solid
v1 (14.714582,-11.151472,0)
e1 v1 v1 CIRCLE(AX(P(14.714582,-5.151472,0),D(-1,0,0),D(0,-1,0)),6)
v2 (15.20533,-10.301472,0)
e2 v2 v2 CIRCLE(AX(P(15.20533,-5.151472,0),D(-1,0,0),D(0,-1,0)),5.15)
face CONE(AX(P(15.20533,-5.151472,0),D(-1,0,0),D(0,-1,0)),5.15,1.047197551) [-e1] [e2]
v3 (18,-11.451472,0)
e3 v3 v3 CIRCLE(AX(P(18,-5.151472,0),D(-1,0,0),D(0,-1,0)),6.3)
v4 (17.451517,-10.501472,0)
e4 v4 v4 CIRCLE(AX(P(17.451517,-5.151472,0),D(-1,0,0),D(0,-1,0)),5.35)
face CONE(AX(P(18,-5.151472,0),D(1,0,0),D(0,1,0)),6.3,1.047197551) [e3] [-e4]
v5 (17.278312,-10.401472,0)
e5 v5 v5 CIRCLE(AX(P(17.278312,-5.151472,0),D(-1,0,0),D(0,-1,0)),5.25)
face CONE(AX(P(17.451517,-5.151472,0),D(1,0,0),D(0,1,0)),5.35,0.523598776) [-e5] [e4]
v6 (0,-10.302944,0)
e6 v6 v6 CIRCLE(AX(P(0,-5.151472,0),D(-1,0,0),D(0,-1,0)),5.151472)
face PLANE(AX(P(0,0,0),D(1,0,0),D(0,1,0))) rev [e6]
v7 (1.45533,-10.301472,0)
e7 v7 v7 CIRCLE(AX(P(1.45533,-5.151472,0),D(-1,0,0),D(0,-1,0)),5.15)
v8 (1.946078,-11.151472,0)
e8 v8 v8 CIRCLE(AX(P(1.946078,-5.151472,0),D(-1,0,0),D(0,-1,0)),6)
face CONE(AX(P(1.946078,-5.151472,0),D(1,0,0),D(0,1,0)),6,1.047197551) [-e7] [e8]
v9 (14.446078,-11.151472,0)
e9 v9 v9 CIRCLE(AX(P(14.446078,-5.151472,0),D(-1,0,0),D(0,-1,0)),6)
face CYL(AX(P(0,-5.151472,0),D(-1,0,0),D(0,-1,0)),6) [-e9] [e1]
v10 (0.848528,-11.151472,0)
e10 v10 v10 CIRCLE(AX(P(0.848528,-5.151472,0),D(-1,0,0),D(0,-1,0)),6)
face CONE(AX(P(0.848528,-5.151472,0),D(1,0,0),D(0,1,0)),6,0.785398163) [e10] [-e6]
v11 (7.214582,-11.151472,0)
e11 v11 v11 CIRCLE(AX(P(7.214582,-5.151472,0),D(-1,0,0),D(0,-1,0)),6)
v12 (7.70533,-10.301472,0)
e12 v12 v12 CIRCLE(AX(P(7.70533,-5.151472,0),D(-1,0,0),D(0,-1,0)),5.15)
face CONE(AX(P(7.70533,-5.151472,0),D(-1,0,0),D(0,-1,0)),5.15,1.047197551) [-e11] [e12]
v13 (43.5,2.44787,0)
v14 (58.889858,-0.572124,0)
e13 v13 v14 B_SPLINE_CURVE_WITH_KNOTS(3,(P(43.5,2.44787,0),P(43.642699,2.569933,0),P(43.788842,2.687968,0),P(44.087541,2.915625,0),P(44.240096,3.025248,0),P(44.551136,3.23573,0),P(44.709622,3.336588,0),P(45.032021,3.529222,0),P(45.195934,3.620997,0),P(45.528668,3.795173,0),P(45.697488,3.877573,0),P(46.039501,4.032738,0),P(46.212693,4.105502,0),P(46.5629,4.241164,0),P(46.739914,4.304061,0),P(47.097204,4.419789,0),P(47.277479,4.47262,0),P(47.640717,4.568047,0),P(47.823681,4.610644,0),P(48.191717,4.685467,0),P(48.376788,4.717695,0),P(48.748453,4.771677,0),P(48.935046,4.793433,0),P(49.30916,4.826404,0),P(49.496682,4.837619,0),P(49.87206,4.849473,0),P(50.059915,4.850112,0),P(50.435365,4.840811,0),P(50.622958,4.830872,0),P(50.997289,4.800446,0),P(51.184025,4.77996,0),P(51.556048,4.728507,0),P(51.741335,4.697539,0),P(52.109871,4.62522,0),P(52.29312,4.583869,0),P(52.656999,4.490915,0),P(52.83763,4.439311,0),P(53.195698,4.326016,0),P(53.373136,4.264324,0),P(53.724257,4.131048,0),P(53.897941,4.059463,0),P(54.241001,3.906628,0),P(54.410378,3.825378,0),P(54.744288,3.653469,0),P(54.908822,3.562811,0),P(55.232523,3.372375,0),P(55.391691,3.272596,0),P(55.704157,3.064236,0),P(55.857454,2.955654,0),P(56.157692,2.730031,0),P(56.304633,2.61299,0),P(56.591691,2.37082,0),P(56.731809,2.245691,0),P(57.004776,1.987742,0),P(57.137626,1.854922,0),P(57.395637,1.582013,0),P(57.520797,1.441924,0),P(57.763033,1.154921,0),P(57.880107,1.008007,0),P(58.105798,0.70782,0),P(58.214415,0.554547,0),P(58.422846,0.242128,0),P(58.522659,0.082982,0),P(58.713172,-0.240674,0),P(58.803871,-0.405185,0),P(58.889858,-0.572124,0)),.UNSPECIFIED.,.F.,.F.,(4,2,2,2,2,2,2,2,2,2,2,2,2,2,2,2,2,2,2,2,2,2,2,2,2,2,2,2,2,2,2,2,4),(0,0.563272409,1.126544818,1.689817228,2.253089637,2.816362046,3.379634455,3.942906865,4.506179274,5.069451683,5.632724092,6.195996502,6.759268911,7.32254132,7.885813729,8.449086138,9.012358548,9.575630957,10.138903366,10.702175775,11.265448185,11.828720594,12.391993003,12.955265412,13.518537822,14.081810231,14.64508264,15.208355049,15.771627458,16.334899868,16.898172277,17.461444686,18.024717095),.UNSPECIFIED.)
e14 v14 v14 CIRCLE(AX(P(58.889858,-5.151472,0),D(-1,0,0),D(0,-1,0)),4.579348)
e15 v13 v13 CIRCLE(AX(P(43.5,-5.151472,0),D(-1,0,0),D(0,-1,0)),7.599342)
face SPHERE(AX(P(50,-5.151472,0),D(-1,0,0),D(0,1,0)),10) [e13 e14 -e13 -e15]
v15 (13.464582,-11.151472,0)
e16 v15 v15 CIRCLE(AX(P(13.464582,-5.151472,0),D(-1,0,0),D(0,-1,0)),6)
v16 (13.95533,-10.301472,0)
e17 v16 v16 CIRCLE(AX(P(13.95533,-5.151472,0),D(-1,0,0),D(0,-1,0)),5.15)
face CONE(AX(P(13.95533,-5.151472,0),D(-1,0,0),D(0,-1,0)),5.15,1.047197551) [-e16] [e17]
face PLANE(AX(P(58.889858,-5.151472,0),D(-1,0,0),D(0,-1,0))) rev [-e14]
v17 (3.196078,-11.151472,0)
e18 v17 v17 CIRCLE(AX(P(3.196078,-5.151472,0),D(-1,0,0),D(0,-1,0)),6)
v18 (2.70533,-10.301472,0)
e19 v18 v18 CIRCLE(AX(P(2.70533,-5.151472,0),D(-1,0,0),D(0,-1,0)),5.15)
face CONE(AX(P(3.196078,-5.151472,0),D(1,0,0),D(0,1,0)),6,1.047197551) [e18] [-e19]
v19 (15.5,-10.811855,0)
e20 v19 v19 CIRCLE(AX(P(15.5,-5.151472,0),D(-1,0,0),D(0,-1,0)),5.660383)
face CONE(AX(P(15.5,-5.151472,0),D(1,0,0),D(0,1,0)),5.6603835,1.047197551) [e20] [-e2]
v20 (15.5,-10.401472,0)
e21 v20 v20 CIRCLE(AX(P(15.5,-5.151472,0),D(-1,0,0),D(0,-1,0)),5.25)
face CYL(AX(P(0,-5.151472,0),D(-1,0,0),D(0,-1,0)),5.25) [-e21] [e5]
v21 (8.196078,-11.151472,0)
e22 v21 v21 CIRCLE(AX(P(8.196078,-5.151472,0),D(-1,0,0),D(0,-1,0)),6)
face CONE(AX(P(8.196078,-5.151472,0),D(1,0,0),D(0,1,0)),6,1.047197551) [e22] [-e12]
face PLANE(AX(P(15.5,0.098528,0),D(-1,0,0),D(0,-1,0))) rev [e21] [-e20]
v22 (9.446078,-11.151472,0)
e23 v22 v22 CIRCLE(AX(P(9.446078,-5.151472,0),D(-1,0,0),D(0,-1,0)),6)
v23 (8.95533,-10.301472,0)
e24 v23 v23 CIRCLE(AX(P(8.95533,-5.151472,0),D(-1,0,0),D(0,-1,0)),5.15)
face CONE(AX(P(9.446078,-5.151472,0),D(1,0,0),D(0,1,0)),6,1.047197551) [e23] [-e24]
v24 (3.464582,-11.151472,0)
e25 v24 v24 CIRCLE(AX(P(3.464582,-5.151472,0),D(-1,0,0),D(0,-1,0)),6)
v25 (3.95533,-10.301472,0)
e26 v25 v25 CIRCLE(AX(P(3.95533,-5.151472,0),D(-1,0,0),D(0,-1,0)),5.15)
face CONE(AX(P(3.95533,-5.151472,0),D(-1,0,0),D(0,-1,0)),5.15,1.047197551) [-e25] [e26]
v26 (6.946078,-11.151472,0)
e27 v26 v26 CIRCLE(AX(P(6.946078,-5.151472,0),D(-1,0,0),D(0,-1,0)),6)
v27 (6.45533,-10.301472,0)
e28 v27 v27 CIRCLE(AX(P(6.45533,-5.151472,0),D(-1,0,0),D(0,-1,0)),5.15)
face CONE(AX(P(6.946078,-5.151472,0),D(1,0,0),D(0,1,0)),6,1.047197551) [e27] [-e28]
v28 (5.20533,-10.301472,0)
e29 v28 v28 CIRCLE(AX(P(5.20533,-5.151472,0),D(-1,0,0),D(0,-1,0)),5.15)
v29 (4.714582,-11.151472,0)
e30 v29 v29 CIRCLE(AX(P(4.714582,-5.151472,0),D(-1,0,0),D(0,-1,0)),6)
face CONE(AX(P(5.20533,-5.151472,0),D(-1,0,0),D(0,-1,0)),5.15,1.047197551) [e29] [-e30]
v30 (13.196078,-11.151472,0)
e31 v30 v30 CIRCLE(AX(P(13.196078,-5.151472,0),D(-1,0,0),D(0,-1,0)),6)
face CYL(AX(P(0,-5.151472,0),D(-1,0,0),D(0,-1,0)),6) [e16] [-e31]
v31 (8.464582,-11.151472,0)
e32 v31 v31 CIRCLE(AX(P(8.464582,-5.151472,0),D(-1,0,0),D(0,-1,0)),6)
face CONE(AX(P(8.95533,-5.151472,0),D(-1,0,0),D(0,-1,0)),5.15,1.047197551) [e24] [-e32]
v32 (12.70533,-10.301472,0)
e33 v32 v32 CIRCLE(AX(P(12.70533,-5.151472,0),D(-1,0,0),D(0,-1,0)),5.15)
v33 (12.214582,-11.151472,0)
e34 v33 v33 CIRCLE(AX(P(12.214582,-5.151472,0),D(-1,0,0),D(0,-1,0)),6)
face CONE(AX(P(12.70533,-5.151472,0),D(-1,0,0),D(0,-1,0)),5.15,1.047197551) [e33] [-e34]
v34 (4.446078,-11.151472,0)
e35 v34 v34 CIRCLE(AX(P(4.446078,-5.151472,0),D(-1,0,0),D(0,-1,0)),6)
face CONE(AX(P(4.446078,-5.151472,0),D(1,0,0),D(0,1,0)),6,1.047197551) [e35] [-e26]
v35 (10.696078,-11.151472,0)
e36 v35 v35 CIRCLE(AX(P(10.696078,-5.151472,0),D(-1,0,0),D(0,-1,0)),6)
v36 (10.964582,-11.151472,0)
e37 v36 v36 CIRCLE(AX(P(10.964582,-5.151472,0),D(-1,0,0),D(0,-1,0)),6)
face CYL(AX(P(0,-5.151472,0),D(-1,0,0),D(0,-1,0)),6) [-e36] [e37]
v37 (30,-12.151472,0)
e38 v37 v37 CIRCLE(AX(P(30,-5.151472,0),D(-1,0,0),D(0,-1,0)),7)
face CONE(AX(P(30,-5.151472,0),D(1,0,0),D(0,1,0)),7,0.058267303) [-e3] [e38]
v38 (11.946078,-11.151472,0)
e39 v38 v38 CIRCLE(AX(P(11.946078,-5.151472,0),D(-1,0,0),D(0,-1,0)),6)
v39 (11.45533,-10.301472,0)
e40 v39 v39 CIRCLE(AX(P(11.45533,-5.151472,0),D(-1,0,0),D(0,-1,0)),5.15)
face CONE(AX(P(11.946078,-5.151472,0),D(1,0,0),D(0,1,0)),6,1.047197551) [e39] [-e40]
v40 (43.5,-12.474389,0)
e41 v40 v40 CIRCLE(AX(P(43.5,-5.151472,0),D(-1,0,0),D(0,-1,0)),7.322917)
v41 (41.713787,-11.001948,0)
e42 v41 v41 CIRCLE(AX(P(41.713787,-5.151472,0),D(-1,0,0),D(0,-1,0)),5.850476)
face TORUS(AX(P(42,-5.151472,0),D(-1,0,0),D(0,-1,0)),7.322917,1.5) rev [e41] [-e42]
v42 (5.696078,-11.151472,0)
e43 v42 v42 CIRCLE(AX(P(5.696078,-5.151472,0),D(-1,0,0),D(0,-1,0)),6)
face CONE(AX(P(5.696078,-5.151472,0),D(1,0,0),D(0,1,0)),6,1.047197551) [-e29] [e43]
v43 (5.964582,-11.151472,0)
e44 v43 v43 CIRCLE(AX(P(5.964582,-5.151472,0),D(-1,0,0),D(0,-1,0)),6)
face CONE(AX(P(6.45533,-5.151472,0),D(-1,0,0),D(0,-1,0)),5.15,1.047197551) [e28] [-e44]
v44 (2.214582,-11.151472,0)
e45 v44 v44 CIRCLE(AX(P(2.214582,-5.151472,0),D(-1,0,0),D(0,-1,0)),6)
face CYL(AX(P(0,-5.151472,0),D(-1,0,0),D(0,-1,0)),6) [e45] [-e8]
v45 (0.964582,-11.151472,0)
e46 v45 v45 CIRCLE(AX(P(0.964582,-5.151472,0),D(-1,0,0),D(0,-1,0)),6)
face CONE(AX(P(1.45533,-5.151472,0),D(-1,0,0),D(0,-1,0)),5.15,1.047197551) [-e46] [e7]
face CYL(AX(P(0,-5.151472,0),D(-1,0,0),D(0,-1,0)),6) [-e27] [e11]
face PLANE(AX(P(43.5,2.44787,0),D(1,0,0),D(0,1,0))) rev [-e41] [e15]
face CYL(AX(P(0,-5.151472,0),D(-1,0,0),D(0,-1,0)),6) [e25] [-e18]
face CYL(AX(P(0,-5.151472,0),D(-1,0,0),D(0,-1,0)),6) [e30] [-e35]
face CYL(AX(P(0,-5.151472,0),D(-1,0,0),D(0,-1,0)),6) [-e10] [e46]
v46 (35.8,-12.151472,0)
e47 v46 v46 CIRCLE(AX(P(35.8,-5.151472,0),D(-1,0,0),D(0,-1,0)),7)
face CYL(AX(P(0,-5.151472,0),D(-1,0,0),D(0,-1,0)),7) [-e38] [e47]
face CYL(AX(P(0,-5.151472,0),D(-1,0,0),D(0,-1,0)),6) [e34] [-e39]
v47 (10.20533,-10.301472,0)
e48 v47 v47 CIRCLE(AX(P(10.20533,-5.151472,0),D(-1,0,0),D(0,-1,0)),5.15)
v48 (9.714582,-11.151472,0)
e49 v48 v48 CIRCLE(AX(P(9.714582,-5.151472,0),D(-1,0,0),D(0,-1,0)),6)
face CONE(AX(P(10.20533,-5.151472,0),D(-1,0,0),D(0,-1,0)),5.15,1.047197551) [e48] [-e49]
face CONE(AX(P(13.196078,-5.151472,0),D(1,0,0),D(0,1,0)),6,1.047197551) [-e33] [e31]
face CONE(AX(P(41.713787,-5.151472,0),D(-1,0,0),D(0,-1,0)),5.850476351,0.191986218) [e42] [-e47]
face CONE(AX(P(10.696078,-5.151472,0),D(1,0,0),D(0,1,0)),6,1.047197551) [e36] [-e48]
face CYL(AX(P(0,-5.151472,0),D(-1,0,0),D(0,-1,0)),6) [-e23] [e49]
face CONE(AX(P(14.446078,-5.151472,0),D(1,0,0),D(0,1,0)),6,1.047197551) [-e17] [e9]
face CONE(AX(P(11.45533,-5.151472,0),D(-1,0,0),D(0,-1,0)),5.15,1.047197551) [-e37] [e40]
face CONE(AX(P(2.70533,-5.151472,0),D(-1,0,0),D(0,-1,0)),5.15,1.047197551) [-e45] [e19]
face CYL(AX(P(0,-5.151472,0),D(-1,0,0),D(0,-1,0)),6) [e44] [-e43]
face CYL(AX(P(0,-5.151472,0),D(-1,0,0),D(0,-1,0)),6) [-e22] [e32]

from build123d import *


with BuildPart() as part:
    # Çizim1 → Döndür2 (revolve)
    with BuildSketch(Plane.XY, mode=Mode.PRIVATE) as d_nd_r2_sk:
        with BuildLine():
            Line((58.889857915, -5.151471863), (58.889857915, -0.572124064))
            ThreePointArc((58.889857915, -0.572124064), (51.925602912, 4.66137958), (43.5, 2.447870214))
            Line((43.5, 2.447870214), (43.5, 2.171445263))
            ThreePointArc((43.5, 2.171445263), (42.95411733, 1.014008388), (41.713786507, 0.699004488))
            Line((41.713786507, 0.699004488), (35.8, 1.848528137))
            Line((35.8, 1.848528137), (30, 1.848528137))
            Line((30, 1.848528137), (18, 1.148528137))
            Line((18, 1.148528137), (17.451517244, 0.198528137))
            Line((17.451517244, 0.198528137), (17.278312164, 0.098528137))
            Line((17.278312164, 0.098528137), (15.5, 0.098528137))
            Line((15.5, 0.098528137), (15.5, 0.508911637))
            Line((15.5, 0.508911637), (15.205329949, -0.001471863))
            Line((15.205329949, -0.001471863), (14.71458222, 0.848528137))
            Line((14.71458222, 0.848528137), (14.446077678, 0.848528137))
            Line((14.446077678, 0.848528137), (13.955329949, -0.001471863))
            Line((13.955329949, -0.001471863), (13.46458222, 0.848528137))
            Line((13.46458222, 0.848528137), (13.196077678, 0.848528137))
            Line((13.196077678, 0.848528137), (12.705329949, -0.001471863))
            Line((12.705329949, -0.001471863), (12.21458222, 0.848528137))
            Line((12.21458222, 0.848528137), (11.946077678, 0.848528137))
            Line((11.946077678, 0.848528137), (11.455329949, -0.001471863))
            Line((11.455329949, -0.001471863), (10.96458222, 0.848528137))
            Line((10.96458222, 0.848528137), (10.696077678, 0.848528137))
            Line((10.696077678, 0.848528137), (10.205329949, -0.001471863))
            Line((10.205329949, -0.001471863), (9.71458222, 0.848528137))
            Line((9.71458222, 0.848528137), (9.446077678, 0.848528137))
            Line((9.446077678, 0.848528137), (8.955329949, -0.001471863))
            Line((8.955329949, -0.001471863), (8.46458222, 0.848528137))
            Line((8.46458222, 0.848528137), (8.196077678, 0.848528137))
            Line((8.196077678, 0.848528137), (7.705329949, -0.001471863))
            Line((7.705329949, -0.001471863), (7.21458222, 0.848528137))
            Line((7.21458222, 0.848528137), (6.946077678, 0.848528137))
            Line((6.946077678, 0.848528137), (6.455329949, -0.001471863))
            Line((6.455329949, -0.001471863), (5.96458222, 0.848528137))
            Line((5.96458222, 0.848528137), (5.696077678, 0.848528137))
            Line((5.696077678, 0.848528137), (5.205329949, -0.001471863))
            Line((5.205329949, -0.001471863), (4.71458222, 0.848528137))
            Line((4.71458222, 0.848528137), (4.446077678, 0.848528137))
            Line((4.446077678, 0.848528137), (3.955329949, -0.001471863))
            Line((3.955329949, -0.001471863), (3.46458222, 0.848528137))
            Line((3.46458222, 0.848528137), (3.196077678, 0.848528137))
            Line((3.196077678, 0.848528137), (2.705329949, -0.001471863))
            Line((2.705329949, -0.001471863), (2.21458222, 0.848528137))
            Line((2.21458222, 0.848528137), (1.946077678, 0.848528137))
            Line((1.946077678, 0.848528137), (1.455329949, -0.001471863))
            Line((1.455329949, -0.001471863), (0.96458222, 0.848528137))
            Line((0.96458222, 0.848528137), (0.848528137, 0.848528137))
            Line((0.848528137, 0.848528137), (0, 0))
            Line((0, 0), (0, -5.151471863))
            Line((0, -5.151471863), (6, -5.151471863))
            Line((6, -5.151471863), (7.6, -5.151471863))
            Line((7.6, -5.151471863), (58.889857915, -5.151471863))
        make_face()
    revolve(d_nd_r2_sk.sketch.rotate(Axis((0, -5.151471863, 0), (1, 0, 0)), 180), axis=Axis((0, -5.151471863, 0), (1, 0, 0)))


solid = part.part
